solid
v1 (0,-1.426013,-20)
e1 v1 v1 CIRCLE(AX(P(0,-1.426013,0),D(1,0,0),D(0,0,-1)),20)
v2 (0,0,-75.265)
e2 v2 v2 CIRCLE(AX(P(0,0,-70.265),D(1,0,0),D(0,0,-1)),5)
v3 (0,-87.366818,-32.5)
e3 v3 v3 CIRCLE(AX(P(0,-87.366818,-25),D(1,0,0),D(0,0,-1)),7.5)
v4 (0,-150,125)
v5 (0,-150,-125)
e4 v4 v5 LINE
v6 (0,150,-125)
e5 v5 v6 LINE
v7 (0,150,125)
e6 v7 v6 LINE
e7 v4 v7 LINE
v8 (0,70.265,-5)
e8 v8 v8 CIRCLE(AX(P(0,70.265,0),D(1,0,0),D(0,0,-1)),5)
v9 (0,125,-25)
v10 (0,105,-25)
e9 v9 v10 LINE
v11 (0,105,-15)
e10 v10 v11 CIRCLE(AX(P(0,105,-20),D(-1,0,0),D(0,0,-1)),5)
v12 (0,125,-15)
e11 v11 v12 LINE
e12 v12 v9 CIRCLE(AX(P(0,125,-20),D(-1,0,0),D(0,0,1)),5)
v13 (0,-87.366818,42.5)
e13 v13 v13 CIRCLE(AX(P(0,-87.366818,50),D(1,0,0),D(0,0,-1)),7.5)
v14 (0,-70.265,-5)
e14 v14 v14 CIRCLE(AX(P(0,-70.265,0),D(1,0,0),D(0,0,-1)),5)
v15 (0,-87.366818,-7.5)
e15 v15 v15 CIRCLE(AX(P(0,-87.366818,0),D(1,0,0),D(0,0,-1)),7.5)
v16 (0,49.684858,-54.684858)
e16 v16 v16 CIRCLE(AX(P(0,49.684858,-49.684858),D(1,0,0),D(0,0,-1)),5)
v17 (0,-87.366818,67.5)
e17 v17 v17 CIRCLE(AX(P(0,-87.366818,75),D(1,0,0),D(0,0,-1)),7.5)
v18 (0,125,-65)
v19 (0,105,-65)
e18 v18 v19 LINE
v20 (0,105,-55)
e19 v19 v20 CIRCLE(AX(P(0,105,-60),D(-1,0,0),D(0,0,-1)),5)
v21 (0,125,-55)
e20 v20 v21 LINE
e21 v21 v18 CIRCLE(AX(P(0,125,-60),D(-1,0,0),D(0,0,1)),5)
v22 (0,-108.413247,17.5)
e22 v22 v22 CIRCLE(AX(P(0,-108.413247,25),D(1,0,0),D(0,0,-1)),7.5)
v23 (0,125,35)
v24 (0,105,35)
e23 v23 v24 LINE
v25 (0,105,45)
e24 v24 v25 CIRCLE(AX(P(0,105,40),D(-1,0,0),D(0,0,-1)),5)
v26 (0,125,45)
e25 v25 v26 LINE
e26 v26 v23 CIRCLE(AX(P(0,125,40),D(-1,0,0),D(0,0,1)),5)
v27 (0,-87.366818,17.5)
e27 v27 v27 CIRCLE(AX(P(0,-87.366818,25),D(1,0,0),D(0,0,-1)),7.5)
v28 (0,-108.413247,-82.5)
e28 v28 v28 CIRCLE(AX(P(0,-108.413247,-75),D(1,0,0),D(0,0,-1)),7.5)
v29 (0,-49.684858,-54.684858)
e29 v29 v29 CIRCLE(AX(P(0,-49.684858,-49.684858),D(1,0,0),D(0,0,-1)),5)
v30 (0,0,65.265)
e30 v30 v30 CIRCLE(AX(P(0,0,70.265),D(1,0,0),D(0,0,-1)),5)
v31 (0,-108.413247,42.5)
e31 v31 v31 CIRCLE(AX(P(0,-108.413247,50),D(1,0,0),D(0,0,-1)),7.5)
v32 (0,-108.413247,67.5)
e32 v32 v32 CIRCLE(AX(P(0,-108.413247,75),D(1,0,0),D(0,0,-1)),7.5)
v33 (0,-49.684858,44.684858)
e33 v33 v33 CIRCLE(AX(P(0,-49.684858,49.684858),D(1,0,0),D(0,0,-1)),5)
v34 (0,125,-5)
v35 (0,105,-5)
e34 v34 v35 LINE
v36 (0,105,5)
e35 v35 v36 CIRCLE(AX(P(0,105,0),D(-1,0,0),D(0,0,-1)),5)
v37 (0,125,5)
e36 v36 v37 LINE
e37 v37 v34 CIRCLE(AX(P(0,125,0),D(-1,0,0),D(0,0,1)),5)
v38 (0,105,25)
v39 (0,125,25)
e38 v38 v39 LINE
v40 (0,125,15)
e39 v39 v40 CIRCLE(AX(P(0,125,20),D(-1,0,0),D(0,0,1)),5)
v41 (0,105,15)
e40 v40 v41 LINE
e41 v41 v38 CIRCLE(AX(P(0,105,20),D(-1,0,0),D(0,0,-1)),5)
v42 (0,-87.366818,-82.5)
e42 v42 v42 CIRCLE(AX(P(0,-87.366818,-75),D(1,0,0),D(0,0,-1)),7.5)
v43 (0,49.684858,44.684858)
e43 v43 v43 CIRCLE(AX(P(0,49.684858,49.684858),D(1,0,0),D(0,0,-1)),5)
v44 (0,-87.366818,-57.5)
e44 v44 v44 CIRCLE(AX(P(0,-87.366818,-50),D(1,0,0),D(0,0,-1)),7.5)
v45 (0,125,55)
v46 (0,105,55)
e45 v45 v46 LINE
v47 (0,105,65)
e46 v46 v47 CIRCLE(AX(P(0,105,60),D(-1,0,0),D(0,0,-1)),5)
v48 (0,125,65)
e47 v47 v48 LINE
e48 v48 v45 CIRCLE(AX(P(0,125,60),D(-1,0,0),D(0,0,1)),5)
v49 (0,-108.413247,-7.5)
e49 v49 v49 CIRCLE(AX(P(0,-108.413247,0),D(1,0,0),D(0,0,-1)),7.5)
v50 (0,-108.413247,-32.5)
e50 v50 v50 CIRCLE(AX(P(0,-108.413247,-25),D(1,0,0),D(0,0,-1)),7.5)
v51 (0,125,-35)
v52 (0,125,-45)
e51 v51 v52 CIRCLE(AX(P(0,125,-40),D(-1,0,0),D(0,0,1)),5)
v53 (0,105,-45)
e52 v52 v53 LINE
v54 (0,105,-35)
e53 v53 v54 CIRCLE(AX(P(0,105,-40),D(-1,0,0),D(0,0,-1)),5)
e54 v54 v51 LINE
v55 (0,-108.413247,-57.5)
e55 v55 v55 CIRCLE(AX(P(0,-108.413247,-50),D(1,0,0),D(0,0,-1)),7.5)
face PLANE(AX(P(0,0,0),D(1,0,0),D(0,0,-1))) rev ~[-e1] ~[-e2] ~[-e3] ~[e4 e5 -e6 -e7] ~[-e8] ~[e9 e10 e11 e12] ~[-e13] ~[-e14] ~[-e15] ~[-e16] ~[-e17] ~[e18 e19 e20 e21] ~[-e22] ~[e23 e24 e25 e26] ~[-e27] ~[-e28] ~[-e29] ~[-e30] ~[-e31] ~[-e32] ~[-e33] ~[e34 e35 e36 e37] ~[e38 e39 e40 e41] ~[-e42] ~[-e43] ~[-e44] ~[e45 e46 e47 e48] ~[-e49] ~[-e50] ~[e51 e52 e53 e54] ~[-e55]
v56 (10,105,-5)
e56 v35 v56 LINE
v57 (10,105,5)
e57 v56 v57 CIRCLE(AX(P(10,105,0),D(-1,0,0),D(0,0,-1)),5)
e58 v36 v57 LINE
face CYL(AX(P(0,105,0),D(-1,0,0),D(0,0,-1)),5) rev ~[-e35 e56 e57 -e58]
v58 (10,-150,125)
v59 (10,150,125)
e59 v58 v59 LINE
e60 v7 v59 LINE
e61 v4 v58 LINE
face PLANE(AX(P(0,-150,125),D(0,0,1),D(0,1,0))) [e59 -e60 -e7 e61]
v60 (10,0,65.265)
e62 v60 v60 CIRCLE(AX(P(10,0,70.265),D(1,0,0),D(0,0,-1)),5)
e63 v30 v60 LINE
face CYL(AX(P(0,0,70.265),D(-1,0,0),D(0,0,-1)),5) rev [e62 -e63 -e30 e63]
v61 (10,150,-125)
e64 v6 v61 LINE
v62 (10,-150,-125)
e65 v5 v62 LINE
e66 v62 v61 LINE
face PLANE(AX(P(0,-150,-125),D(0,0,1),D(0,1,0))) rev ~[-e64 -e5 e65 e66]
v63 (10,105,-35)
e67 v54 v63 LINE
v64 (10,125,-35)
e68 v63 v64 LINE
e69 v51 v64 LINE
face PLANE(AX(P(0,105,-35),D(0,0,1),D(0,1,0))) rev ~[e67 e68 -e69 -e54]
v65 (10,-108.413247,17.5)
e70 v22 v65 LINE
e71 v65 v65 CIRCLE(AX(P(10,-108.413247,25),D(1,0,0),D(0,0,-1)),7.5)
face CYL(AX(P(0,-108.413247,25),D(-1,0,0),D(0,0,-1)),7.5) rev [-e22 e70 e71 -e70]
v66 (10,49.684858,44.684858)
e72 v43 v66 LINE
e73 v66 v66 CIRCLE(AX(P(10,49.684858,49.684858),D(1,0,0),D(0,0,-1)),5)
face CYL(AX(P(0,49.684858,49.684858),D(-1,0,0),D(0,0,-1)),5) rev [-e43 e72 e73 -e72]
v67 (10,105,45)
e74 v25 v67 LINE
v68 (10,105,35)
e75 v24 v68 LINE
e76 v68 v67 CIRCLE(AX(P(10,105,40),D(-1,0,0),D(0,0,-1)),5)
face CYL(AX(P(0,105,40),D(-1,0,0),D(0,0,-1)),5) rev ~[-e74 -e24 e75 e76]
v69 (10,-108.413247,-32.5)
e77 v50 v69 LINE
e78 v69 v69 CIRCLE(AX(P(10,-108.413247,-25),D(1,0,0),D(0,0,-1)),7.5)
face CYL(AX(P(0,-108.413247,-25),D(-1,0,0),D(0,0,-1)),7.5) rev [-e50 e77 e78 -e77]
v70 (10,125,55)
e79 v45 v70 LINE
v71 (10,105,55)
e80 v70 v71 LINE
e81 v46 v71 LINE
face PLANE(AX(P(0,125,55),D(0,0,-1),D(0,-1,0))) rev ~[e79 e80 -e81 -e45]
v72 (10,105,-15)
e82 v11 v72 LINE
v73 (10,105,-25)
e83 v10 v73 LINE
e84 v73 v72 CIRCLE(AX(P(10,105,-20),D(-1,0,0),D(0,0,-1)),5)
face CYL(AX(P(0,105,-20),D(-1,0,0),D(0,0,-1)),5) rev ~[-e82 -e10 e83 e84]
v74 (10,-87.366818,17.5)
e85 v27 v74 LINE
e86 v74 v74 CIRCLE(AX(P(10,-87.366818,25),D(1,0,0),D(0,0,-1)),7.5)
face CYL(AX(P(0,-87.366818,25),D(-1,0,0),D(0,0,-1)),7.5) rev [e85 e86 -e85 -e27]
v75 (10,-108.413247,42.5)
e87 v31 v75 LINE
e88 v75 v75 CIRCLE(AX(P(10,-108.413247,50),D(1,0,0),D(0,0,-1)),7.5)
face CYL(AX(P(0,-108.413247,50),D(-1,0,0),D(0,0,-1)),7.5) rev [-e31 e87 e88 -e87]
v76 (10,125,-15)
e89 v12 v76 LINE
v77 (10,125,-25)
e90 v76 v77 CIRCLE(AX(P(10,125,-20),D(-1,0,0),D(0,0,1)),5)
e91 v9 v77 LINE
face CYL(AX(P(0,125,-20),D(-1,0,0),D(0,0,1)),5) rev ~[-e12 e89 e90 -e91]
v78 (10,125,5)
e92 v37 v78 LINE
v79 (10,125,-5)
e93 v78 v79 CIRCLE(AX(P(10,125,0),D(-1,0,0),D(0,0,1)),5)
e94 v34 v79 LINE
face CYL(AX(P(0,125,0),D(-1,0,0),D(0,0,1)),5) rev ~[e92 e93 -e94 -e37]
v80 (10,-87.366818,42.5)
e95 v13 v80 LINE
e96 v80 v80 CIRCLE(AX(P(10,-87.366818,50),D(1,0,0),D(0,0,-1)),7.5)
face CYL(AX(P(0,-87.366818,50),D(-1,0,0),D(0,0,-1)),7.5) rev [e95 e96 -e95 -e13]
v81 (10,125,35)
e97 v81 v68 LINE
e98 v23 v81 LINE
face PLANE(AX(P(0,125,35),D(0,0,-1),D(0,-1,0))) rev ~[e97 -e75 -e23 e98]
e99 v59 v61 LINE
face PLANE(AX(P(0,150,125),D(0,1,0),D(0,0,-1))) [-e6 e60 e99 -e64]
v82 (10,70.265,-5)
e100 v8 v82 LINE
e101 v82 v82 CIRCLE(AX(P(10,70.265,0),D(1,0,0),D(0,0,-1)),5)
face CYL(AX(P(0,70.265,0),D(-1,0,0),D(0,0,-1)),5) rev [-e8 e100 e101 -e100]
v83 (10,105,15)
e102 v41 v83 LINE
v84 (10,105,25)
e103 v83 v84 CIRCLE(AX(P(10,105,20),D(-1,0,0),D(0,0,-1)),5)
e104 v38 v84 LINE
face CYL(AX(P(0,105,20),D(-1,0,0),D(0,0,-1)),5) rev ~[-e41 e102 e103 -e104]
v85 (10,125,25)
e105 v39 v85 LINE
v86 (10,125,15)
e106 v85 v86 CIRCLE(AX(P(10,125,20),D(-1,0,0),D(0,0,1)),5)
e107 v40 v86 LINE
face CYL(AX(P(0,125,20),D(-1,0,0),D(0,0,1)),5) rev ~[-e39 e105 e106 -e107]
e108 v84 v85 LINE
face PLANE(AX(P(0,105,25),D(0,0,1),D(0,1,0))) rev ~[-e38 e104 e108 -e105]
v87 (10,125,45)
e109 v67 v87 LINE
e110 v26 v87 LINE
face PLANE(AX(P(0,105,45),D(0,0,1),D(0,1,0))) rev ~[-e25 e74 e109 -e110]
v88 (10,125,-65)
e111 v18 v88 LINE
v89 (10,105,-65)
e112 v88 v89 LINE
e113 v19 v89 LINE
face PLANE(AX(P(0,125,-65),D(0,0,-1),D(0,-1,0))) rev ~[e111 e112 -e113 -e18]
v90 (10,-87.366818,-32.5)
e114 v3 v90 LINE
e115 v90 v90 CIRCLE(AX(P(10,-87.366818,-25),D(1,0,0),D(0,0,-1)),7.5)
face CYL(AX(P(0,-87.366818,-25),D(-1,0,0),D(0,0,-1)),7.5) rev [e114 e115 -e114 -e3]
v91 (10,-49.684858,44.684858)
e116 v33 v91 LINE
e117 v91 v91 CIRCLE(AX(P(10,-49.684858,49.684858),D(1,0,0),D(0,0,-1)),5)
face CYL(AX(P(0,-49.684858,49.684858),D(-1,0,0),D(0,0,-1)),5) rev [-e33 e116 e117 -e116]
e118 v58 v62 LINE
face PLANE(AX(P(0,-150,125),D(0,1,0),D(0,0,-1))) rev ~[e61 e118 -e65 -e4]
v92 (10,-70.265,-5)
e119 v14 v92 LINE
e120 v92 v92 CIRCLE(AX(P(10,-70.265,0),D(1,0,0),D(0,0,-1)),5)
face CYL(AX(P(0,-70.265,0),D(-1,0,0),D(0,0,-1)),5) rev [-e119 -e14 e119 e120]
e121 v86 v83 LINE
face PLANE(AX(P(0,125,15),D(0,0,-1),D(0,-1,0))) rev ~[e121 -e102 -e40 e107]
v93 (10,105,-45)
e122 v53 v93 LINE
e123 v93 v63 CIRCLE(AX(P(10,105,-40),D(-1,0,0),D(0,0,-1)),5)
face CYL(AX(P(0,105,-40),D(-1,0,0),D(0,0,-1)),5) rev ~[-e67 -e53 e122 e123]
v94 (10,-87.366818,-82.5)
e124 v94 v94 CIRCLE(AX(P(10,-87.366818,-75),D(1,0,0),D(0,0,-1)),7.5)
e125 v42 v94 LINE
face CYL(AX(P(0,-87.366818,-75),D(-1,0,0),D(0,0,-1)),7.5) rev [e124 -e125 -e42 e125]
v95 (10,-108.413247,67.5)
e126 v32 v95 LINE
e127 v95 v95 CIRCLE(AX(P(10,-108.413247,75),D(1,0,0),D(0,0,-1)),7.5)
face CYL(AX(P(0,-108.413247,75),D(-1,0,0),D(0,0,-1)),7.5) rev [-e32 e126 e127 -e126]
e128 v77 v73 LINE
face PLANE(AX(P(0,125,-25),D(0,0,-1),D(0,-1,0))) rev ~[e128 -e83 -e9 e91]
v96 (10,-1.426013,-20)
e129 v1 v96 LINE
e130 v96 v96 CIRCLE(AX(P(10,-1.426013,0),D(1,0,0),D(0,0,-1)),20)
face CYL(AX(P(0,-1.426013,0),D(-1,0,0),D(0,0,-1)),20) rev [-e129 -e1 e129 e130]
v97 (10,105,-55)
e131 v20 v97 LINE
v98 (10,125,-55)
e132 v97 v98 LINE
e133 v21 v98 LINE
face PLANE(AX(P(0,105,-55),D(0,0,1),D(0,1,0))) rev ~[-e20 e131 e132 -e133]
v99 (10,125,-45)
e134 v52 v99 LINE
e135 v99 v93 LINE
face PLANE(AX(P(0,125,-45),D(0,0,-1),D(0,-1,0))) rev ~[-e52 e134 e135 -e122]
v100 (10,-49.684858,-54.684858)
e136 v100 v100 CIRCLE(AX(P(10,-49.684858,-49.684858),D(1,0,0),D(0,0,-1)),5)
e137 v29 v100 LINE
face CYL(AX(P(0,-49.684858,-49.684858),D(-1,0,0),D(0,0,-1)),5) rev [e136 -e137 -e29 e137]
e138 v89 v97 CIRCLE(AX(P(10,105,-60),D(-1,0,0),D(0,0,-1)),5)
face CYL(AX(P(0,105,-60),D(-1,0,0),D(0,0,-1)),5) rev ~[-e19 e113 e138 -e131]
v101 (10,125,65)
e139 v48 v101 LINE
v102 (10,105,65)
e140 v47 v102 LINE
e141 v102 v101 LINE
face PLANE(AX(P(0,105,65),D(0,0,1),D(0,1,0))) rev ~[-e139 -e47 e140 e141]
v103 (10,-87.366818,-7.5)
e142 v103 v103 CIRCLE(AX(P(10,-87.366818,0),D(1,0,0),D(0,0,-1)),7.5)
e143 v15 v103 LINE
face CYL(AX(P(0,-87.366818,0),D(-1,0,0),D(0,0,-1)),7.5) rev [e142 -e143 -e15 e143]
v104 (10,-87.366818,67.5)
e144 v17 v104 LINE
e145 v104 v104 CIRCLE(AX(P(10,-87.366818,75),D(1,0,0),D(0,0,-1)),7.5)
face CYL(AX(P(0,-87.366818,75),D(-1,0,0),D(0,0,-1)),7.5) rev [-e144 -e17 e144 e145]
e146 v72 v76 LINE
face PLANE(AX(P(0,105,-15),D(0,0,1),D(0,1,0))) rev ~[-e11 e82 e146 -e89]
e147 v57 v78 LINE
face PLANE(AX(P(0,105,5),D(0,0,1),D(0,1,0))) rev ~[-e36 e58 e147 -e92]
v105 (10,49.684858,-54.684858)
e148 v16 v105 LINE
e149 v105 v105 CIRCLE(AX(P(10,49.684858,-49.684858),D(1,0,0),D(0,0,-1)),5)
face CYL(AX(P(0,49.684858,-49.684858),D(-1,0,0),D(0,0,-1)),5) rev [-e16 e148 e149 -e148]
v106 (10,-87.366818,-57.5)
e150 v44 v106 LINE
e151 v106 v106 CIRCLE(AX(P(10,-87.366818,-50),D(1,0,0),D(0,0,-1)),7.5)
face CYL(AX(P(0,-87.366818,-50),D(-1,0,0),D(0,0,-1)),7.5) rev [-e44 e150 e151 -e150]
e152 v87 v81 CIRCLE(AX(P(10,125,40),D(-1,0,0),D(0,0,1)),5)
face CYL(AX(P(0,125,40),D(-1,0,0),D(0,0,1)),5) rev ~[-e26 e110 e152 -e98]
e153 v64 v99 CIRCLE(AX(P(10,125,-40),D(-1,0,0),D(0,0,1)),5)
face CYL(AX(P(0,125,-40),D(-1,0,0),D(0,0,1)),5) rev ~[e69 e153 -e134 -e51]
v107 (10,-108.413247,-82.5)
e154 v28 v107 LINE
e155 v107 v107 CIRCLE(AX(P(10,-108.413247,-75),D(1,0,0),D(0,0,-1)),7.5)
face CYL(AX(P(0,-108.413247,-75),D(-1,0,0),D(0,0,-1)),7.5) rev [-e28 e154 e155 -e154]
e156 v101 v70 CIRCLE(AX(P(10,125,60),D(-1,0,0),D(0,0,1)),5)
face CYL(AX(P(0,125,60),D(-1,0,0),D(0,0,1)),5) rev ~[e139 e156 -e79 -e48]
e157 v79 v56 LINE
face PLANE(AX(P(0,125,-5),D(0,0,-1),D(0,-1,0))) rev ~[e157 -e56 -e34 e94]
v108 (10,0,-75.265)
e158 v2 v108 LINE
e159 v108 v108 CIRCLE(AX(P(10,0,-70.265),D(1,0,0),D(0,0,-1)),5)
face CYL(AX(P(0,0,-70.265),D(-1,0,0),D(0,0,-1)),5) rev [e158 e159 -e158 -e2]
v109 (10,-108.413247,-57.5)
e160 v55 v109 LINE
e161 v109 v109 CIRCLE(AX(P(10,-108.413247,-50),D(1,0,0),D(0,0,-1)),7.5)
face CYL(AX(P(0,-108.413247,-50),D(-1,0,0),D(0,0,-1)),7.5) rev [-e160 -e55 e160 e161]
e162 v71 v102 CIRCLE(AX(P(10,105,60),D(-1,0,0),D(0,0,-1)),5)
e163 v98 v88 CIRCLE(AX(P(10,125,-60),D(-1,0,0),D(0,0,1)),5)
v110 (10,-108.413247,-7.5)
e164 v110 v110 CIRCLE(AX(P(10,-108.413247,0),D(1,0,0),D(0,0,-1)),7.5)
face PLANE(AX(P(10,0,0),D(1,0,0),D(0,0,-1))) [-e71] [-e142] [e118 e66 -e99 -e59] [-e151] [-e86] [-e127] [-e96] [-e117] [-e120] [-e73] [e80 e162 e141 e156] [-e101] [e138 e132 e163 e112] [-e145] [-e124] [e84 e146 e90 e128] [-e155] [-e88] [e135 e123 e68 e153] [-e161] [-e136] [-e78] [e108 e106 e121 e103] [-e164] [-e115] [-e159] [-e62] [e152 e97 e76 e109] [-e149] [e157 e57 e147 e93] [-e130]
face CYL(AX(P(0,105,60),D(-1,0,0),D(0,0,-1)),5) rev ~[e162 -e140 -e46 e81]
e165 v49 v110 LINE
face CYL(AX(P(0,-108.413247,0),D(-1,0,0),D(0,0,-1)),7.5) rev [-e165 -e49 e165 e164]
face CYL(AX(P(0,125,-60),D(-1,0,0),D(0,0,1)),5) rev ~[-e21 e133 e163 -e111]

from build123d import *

# Parameters (mm, degrees)
SKETCH_1_W      = 250
SKETCH_1_H      = 300
SKETCH_1_R      = 20
SKETCH_1_R_2    = 7.5
SKETCH_1_R_3    = 5
EXTRUDE_2_DEPTH = 10


with BuildPart() as part:
    # 草图1 → 凸台-拉伸2 (new body)
    with BuildSketch(Plane(origin=(0, 0, 0), x_dir=(0, 0, -1), z_dir=(1, 0, 0))):
        Rectangle(SKETCH_1_W, SKETCH_1_H)
        with Locations((0, -1.426013128)):
            Circle(SKETCH_1_R, mode=Mode.SUBTRACT)
        with Locations((0, -87.366817617)):
            Circle(SKETCH_1_R_2, mode=Mode.SUBTRACT)
        with Locations((0, 70.265)):
            Circle(SKETCH_1_R_3, mode=Mode.SUBTRACT)
        with Locations((49.68485798, 49.68485798)):
            Circle(SKETCH_1_R_3, mode=Mode.SUBTRACT)
        with Locations((70.265, 0)):
            Circle(SKETCH_1_R_3, mode=Mode.SUBTRACT)
        with Locations((49.68485798, -49.68485798)):
            Circle(SKETCH_1_R_3, mode=Mode.SUBTRACT)
        with Locations((0, -70.265)):
            Circle(SKETCH_1_R_3, mode=Mode.SUBTRACT)
        with Locations((-49.68485798, -49.68485798)):
            Circle(SKETCH_1_R_3, mode=Mode.SUBTRACT)
        with Locations((-70.265, 0)):
            Circle(SKETCH_1_R_3, mode=Mode.SUBTRACT)
        with Locations((-49.68485798, 49.68485798)):
            Circle(SKETCH_1_R_3, mode=Mode.SUBTRACT)
        with Locations((0, -108.413247163)):
            Circle(SKETCH_1_R_2, mode=Mode.SUBTRACT)
        with Locations((25, -87.366817617)):
            Circle(SKETCH_1_R_2, mode=Mode.SUBTRACT)
        with Locations((25, -108.413247163)):
            Circle(SKETCH_1_R_2, mode=Mode.SUBTRACT)
        with Locations((50, -87.366817617)):
            Circle(SKETCH_1_R_2, mode=Mode.SUBTRACT)
        with Locations((50, -108.413247163)):
            Circle(SKETCH_1_R_2, mode=Mode.SUBTRACT)
        with Locations((75, -87.366817617)):
            Circle(SKETCH_1_R_2, mode=Mode.SUBTRACT)
        with Locations((75, -108.413247163)):
            Circle(SKETCH_1_R_2, mode=Mode.SUBTRACT)
        with Locations((-25, -87.366817617)):
            Circle(SKETCH_1_R_2, mode=Mode.SUBTRACT)
        with Locations((-25, -108.413247163)):
            Circle(SKETCH_1_R_2, mode=Mode.SUBTRACT)
        with Locations((-50, -87.366817617)):
            Circle(SKETCH_1_R_2, mode=Mode.SUBTRACT)
        with Locations((-50, -108.413247163)):
            Circle(SKETCH_1_R_2, mode=Mode.SUBTRACT)
        with Locations((-75, -87.366817617)):
            Circle(SKETCH_1_R_2, mode=Mode.SUBTRACT)
        with Locations((-75, -108.413247163)):
            Circle(SKETCH_1_R_2, mode=Mode.SUBTRACT)
        with BuildLine():
            Line((5, 125), (5, 105))
            ThreePointArc((5, 105), (0, 100), (-5, 105))
            Line((-5, 105), (-5, 125))
            ThreePointArc((-5, 125), (0, 130), (5, 125))
        make_face(mode=Mode.SUBTRACT)
        with BuildLine():
            Line((25, 125), (25, 105))
            ThreePointArc((25, 105), (20, 100), (15, 105))
            Line((15, 105), (15, 125))
            ThreePointArc((15, 125), (20, 130), (25, 125))
        make_face(mode=Mode.SUBTRACT)
        with BuildLine():
            Line((45, 125), (45, 105))
            ThreePointArc((45, 105), (40, 100), (35, 105))
            Line((35, 105), (35, 125))
            ThreePointArc((35, 125), (40, 130), (45, 125))
        make_face(mode=Mode.SUBTRACT)
        with BuildLine():
            Line((65, 125), (65, 105))
            ThreePointArc((65, 105), (60, 100), (55, 105))
            Line((55, 105), (55, 125))
            ThreePointArc((55, 125), (60, 130), (65, 125))
        make_face(mode=Mode.SUBTRACT)
        with BuildLine():
            Line((-15, 125), (-15, 105))
            ThreePointArc((-15, 105), (-20, 100), (-25, 105))
            Line((-25, 105), (-25, 125))
            ThreePointArc((-25, 125), (-20, 130), (-15, 125))
        make_face(mode=Mode.SUBTRACT)
        with BuildLine():
            Line((-35, 125), (-35, 105))
            ThreePointArc((-35, 105), (-40, 100), (-45, 105))
            Line((-45, 105), (-45, 125))
            ThreePointArc((-45, 125), (-40, 130), (-35, 125))
        make_face(mode=Mode.SUBTRACT)
        with BuildLine():
            Line((-55, 125), (-55, 105))
            ThreePointArc((-55, 105), (-60, 100), (-65, 105))
            Line((-65, 105), (-65, 125))
            ThreePointArc((-65, 125), (-60, 130), (-55, 125))
        make_face(mode=Mode.SUBTRACT)
    extrude(amount=EXTRUDE_2_DEPTH)


solid = part.part
